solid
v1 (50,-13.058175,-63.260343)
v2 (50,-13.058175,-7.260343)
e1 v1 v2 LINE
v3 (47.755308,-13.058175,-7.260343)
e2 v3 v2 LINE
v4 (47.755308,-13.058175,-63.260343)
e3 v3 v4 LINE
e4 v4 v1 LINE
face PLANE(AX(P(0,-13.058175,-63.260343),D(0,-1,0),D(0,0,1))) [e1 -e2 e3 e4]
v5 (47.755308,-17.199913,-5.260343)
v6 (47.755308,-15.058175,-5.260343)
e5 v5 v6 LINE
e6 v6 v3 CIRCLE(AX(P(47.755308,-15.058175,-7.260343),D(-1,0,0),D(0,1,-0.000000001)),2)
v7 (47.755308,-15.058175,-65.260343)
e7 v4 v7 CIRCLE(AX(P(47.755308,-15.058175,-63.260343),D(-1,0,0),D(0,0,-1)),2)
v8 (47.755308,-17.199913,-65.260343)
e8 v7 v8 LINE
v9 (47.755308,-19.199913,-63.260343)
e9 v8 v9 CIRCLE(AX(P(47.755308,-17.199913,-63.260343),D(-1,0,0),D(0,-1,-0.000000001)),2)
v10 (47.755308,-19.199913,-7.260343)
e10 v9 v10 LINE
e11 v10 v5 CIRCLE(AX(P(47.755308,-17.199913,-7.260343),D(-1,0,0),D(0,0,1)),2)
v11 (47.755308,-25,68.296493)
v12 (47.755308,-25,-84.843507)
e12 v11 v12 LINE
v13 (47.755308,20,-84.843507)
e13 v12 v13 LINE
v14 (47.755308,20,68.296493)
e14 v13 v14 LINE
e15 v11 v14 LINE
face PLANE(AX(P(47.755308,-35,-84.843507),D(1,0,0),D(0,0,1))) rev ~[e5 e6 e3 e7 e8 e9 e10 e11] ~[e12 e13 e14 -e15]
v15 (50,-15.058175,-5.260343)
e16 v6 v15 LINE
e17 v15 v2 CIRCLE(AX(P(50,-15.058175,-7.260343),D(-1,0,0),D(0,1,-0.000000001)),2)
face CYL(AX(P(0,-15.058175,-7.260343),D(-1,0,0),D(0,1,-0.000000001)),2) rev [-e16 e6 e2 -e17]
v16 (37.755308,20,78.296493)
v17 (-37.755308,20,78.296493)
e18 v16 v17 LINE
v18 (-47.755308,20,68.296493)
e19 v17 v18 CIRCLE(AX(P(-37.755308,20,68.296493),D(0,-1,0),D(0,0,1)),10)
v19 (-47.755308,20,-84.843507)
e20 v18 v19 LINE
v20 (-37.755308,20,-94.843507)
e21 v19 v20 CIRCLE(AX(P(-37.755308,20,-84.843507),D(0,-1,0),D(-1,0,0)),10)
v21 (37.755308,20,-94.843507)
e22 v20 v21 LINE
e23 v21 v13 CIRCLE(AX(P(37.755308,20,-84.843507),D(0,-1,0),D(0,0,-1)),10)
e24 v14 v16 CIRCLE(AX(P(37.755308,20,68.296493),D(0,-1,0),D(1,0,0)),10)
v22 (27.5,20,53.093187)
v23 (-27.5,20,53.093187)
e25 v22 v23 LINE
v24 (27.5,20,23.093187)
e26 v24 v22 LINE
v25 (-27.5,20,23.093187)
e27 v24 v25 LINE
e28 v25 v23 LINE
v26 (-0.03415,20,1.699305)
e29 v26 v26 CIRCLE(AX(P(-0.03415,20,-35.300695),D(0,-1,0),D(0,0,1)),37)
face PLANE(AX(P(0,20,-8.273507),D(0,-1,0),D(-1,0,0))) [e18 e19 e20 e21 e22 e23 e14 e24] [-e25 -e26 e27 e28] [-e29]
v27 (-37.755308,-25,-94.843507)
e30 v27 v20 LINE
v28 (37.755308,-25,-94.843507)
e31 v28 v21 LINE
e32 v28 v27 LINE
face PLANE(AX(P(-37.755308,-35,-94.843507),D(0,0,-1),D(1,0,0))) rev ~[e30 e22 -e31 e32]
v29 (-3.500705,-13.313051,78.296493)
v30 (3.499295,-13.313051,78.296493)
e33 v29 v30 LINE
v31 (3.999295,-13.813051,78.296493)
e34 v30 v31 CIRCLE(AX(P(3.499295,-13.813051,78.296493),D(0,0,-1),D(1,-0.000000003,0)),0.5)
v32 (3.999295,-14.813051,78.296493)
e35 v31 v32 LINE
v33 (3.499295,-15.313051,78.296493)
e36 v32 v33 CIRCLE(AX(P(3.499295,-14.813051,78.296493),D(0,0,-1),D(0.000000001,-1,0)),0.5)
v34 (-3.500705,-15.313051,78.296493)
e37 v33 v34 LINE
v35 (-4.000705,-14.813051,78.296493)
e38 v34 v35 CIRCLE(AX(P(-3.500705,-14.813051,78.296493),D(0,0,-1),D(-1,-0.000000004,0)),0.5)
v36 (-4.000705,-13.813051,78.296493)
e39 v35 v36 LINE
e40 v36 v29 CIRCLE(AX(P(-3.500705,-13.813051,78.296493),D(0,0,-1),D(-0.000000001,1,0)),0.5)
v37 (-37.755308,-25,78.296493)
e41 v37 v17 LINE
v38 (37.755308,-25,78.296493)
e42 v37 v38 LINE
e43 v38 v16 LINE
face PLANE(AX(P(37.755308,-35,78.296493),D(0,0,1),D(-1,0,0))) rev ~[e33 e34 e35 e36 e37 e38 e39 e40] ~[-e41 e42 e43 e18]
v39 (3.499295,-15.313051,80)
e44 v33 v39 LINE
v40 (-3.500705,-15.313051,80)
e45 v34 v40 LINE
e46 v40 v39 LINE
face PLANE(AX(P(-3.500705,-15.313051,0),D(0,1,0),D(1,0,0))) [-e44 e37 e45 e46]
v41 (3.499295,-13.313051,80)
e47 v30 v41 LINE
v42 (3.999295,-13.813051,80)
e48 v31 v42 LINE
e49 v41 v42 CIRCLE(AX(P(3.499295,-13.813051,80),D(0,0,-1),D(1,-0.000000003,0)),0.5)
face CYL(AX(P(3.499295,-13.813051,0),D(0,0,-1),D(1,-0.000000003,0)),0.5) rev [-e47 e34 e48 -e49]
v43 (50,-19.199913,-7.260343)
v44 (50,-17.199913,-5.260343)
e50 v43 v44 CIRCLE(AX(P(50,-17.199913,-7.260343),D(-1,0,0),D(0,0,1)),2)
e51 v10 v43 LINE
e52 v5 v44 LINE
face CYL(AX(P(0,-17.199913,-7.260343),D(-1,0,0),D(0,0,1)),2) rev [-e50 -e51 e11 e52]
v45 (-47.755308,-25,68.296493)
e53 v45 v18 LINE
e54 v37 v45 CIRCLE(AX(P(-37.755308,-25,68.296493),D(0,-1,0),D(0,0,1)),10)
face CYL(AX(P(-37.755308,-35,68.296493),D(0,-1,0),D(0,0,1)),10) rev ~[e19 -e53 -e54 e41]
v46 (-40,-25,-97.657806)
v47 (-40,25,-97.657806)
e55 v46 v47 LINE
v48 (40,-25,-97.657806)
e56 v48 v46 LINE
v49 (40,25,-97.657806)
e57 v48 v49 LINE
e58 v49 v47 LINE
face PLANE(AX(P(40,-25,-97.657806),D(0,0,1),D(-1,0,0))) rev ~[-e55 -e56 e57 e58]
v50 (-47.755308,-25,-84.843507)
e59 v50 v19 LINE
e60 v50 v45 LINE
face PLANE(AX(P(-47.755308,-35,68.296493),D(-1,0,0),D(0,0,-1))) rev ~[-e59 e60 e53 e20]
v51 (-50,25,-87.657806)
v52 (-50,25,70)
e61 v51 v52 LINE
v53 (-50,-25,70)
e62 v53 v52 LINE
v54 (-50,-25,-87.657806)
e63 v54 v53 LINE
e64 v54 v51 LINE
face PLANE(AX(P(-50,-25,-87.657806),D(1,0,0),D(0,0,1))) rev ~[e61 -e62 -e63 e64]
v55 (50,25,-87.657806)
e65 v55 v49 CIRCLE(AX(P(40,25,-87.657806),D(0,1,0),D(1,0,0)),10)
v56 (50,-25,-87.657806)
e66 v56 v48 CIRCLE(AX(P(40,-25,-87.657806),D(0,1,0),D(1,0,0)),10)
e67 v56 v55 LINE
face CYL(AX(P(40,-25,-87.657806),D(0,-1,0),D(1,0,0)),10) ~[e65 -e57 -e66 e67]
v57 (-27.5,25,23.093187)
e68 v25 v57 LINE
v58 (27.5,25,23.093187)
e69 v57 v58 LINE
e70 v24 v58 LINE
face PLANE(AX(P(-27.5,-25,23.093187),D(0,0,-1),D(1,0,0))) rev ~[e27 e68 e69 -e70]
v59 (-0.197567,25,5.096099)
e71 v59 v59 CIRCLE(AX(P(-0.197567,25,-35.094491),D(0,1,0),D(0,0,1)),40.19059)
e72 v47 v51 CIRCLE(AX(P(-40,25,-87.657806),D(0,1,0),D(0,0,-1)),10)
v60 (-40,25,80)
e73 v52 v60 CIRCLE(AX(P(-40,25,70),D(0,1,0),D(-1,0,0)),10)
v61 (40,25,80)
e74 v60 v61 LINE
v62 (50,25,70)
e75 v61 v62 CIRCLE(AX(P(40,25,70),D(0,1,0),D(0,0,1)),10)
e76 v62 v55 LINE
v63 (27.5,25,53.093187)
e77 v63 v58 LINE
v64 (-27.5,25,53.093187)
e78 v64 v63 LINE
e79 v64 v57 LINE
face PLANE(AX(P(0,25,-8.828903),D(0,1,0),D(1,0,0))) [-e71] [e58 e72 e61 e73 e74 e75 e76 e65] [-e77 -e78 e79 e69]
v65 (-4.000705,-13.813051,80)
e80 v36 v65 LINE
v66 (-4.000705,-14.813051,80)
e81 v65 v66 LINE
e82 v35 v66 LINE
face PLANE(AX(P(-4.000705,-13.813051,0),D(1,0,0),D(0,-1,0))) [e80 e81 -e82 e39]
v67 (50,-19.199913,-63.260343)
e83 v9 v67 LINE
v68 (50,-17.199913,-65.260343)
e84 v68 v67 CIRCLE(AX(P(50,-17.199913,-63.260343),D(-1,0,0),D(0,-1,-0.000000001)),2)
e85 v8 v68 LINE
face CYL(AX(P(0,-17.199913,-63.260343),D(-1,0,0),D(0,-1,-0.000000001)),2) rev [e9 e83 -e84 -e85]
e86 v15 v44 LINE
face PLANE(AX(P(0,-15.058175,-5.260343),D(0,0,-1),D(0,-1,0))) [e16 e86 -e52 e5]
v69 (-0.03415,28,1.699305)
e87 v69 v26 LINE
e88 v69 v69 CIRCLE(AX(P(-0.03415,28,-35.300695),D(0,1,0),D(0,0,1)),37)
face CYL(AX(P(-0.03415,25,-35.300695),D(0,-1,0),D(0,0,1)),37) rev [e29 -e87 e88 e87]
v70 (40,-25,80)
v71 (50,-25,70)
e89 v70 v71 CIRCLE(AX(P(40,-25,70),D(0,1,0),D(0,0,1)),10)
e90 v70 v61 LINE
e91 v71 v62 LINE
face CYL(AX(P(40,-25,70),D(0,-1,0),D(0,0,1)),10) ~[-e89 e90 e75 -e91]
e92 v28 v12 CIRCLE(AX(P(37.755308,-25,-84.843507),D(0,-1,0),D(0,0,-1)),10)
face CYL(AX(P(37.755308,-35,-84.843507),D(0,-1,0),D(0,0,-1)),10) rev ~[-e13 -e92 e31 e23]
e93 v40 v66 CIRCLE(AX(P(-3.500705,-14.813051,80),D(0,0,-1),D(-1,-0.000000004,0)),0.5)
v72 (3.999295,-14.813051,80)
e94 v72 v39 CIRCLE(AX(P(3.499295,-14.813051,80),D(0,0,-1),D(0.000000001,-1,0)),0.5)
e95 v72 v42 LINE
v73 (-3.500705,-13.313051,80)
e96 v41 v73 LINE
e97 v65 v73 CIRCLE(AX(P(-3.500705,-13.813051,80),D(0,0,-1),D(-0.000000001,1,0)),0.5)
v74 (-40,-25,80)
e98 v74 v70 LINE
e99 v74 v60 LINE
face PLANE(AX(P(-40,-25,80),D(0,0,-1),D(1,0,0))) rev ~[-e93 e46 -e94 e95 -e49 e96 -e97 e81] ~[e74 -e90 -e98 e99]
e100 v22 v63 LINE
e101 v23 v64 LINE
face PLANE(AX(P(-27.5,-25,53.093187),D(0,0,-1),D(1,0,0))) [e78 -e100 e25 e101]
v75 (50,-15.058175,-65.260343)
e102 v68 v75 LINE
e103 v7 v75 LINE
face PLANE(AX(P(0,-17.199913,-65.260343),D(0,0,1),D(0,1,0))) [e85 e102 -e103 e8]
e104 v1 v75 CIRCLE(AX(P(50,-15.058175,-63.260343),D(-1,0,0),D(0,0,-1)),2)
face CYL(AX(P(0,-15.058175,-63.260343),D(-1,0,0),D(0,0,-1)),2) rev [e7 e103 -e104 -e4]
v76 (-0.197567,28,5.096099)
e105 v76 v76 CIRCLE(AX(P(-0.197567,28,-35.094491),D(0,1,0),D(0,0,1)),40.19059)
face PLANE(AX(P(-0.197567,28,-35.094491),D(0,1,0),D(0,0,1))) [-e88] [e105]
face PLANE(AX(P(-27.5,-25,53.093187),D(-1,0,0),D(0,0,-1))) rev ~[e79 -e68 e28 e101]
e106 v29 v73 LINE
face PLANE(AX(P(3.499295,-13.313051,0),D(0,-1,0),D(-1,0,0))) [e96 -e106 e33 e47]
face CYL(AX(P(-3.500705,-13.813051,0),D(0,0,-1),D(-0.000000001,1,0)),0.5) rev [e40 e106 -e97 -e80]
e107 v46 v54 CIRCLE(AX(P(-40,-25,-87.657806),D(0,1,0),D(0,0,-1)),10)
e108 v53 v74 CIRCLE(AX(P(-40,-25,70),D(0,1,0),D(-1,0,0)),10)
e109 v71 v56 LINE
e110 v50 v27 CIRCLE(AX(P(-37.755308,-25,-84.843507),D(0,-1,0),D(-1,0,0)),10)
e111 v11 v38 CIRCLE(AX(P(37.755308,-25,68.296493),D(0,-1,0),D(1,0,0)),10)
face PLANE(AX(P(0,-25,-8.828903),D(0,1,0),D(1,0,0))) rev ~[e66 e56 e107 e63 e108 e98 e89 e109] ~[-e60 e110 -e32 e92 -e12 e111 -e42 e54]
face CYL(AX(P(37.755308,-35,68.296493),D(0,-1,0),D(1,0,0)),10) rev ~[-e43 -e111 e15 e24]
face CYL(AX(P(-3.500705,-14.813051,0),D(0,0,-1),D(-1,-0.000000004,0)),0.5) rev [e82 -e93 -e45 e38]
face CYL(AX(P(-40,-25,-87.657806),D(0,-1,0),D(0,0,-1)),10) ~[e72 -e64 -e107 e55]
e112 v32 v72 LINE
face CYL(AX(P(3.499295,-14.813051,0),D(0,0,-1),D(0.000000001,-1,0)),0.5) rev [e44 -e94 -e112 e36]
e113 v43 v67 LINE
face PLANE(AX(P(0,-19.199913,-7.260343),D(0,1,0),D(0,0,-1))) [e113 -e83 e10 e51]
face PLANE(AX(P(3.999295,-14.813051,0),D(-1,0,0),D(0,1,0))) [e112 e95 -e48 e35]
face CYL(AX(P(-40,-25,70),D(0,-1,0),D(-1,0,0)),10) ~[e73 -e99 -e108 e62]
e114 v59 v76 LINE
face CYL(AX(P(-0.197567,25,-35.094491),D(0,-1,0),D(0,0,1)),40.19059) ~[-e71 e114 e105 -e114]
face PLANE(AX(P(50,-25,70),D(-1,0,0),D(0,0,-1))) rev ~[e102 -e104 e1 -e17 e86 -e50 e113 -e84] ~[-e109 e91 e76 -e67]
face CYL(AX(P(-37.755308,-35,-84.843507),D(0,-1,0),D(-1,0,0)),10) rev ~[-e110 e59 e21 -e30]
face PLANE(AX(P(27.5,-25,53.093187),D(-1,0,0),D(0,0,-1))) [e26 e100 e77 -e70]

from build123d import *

# Parameters (mm, degrees)
BOSS_EXTRUDE1_DEPTH      = 25
BOSS_EXTRUDE1_DEPTH_BACK = 25
SKETCH8_R                = 37
SKETCH8_W                = 55
SKETCH8_H                = 30
CUT_EXTRUDE1_DEPTH       = 20
CUT_EXTRUDE1_DEPTH_BACK  = 35
CUT_EXTRUDE2_DEPTH       = 65
CUT_EXTRUDE4_DEPTH       = 113.525762116
SKETCH16_R               = 40.190590084
SKETCH16_R_2             = 37
BOSS_EXTRUDE3_DEPTH      = 3


with BuildPart() as part:
    # Sketch8 → Boss-Extrude1 (new, two sides: drawn at the far end of the back side and taken through both)
    with BuildSketch(Plane(origin=(0, 0, 0), x_dir=(1, 0, 0), z_dir=(0, 1, 0)).offset(-BOSS_EXTRUDE1_DEPTH_BACK)):
        with BuildLine():
            Line((-13.333333333, 97.657806344), (-40, 97.657806344))
            ThreePointArc((-40, 97.657806344), (-47.071067812, 94.728874155), (-50, 87.657806344))
            Line((-50, 87.657806344), (-50, 8.828903172))
            Line((-50, 8.828903172), (-50, -70))
            ThreePointArc((-50, -70), (-47.071067812, -77.071067812), (-40, -80))
            Line((-40, -80), (40, -80))
            ThreePointArc((40, -80), (47.071067812, -77.071067812), (50, -70))
            Line((50, -70), (50, 8.828903172))
            Line((50, 8.828903172), (50, 87.657806344))
            ThreePointArc((50, 87.657806344), (47.071067812, 94.728874155), (40, 97.657806344))
            Line((40, 97.657806344), (13.333333333, 97.657806344))
            Line((13.333333333, 97.657806344), (-13.333333333, 97.657806344))
        make_face()
        with Locations(Location((-0.034150482, 35.300694554, 0), (0, 0, 270))):
            Circle(SKETCH8_R, mode=Mode.SUBTRACT)
        with Locations((0, -38.093187293)):
            Rectangle(SKETCH8_W, SKETCH8_H, mode=Mode.SUBTRACT)
    extrude(amount=BOSS_EXTRUDE1_DEPTH + BOSS_EXTRUDE1_DEPTH_BACK)

    # Sketch14 → Cut-Extrude1 (cut, two sides: drawn at the far end of the back side and taken through both)
    with BuildSketch(Plane(origin=(0, 0, 0), x_dir=(1, 0, 0), z_dir=(0, 1, 0)).offset(-CUT_EXTRUDE1_DEPTH_BACK)):
        with BuildLine():
            Line((-37.755307684, 94.843507168), (37.755307684, 94.843507168))
            ThreePointArc((37.755307684, 94.843507168), (44.826375496, 91.91457498), (47.755307684, 84.843507168))
            Line((47.755307684, 84.843507168), (47.755307684, -68.296492832))
            ThreePointArc((47.755307684, -68.296492832), (44.826375496, -75.367560643), (37.755307684, -78.296492832))
            Line((37.755307684, -78.296492832), (-37.755307684, -78.296492832))
            ThreePointArc((-37.755307684, -78.296492832), (-44.826375496, -75.367560643), (-47.755307684, -68.296492832))
            Line((-47.755307684, -68.296492832), (-47.755307684, 84.843507168))
            ThreePointArc((-47.755307684, 84.843507168), (-44.826375496, 91.91457498), (-37.755307684, 94.843507168))
        make_face()
    extrude(amount=CUT_EXTRUDE1_DEPTH + CUT_EXTRUDE1_DEPTH_BACK, mode=Mode.SUBTRACT)

    # Sketch15 → Cut-Extrude2 (cut)
    with BuildSketch(Plane(origin=(0, 0, 0), x_dir=(0, 0, -1), z_dir=(1, 0, 0))):
        with BuildLine():
            Line((63.260342579, -13.058175161), (7.260342579, -13.058175161))
            ThreePointArc((7.260342579, -13.058175161), (5.846129016, -13.643961598), (5.260342579, -15.058175161))
            Line((5.260342579, -15.058175161), (5.260342579, -17.199912978))
            ThreePointArc((5.260342579, -17.199912978), (5.846129016, -18.61412654), (7.260342579, -19.199912978))
            Line((7.260342579, -19.199912978), (63.260342579, -19.199912978))
            ThreePointArc((63.260342579, -19.199912978), (64.674556141, -18.61412654), (65.260342579, -17.199912978))
            Line((65.260342579, -17.199912978), (65.260342579, -15.058175161))
            ThreePointArc((65.260342579, -15.058175161), (64.674556141, -13.643961598), (63.260342579, -13.058175161))
        make_face()
    extrude(amount=CUT_EXTRUDE2_DEPTH, mode=Mode.SUBTRACT)

    # Sketch9 → Cut-Extrude4 (cut, through all)
    with BuildSketch(Plane.XY):
        with BuildLine():
            Line((3.499295318, -13.313051471), (-3.500704682, -13.313051471))
            ThreePointArc((-3.500704682, -13.313051471), (-3.854258072, -13.45949808), (-4.000704682, -13.813051471))
            Line((-4.000704682, -13.813051471), (-4.000704682, -14.813051471))
            ThreePointArc((-4.000704682, -14.813051471), (-3.854258072, -15.166604861), (-3.500704682, -15.313051471))
            Line((-3.500704682, -15.313051471), (3.499295318, -15.313051471))
            ThreePointArc((3.499295318, -15.313051471), (3.852848709, -15.166604861), (3.999295318, -14.813051471))
            Line((3.999295318, -14.813051471), (3.999295318, -13.813051471))
            ThreePointArc((3.999295318, -13.813051471), (3.852848709, -13.45949808), (3.499295318, -13.313051471))
        make_face()
    extrude(amount=CUT_EXTRUDE4_DEPTH, mode=Mode.SUBTRACT)

    # Sketch16 → Boss-Extrude3 (add)
    with BuildSketch(Plane(origin=(0, 25, 0), x_dir=(1, 0, 0), z_dir=(0, 1, 0))):
        with Locations(Location((-0.197566829, 35.094491393, 0), (0, 0, 270))):
            Circle(SKETCH16_R)
        with Locations(Location((-0.034150482, 35.300694554, 0), (0, 0, 270))):
            Circle(SKETCH16_R_2, mode=Mode.SUBTRACT)
    extrude(amount=BOSS_EXTRUDE3_DEPTH)


solid = part.part
